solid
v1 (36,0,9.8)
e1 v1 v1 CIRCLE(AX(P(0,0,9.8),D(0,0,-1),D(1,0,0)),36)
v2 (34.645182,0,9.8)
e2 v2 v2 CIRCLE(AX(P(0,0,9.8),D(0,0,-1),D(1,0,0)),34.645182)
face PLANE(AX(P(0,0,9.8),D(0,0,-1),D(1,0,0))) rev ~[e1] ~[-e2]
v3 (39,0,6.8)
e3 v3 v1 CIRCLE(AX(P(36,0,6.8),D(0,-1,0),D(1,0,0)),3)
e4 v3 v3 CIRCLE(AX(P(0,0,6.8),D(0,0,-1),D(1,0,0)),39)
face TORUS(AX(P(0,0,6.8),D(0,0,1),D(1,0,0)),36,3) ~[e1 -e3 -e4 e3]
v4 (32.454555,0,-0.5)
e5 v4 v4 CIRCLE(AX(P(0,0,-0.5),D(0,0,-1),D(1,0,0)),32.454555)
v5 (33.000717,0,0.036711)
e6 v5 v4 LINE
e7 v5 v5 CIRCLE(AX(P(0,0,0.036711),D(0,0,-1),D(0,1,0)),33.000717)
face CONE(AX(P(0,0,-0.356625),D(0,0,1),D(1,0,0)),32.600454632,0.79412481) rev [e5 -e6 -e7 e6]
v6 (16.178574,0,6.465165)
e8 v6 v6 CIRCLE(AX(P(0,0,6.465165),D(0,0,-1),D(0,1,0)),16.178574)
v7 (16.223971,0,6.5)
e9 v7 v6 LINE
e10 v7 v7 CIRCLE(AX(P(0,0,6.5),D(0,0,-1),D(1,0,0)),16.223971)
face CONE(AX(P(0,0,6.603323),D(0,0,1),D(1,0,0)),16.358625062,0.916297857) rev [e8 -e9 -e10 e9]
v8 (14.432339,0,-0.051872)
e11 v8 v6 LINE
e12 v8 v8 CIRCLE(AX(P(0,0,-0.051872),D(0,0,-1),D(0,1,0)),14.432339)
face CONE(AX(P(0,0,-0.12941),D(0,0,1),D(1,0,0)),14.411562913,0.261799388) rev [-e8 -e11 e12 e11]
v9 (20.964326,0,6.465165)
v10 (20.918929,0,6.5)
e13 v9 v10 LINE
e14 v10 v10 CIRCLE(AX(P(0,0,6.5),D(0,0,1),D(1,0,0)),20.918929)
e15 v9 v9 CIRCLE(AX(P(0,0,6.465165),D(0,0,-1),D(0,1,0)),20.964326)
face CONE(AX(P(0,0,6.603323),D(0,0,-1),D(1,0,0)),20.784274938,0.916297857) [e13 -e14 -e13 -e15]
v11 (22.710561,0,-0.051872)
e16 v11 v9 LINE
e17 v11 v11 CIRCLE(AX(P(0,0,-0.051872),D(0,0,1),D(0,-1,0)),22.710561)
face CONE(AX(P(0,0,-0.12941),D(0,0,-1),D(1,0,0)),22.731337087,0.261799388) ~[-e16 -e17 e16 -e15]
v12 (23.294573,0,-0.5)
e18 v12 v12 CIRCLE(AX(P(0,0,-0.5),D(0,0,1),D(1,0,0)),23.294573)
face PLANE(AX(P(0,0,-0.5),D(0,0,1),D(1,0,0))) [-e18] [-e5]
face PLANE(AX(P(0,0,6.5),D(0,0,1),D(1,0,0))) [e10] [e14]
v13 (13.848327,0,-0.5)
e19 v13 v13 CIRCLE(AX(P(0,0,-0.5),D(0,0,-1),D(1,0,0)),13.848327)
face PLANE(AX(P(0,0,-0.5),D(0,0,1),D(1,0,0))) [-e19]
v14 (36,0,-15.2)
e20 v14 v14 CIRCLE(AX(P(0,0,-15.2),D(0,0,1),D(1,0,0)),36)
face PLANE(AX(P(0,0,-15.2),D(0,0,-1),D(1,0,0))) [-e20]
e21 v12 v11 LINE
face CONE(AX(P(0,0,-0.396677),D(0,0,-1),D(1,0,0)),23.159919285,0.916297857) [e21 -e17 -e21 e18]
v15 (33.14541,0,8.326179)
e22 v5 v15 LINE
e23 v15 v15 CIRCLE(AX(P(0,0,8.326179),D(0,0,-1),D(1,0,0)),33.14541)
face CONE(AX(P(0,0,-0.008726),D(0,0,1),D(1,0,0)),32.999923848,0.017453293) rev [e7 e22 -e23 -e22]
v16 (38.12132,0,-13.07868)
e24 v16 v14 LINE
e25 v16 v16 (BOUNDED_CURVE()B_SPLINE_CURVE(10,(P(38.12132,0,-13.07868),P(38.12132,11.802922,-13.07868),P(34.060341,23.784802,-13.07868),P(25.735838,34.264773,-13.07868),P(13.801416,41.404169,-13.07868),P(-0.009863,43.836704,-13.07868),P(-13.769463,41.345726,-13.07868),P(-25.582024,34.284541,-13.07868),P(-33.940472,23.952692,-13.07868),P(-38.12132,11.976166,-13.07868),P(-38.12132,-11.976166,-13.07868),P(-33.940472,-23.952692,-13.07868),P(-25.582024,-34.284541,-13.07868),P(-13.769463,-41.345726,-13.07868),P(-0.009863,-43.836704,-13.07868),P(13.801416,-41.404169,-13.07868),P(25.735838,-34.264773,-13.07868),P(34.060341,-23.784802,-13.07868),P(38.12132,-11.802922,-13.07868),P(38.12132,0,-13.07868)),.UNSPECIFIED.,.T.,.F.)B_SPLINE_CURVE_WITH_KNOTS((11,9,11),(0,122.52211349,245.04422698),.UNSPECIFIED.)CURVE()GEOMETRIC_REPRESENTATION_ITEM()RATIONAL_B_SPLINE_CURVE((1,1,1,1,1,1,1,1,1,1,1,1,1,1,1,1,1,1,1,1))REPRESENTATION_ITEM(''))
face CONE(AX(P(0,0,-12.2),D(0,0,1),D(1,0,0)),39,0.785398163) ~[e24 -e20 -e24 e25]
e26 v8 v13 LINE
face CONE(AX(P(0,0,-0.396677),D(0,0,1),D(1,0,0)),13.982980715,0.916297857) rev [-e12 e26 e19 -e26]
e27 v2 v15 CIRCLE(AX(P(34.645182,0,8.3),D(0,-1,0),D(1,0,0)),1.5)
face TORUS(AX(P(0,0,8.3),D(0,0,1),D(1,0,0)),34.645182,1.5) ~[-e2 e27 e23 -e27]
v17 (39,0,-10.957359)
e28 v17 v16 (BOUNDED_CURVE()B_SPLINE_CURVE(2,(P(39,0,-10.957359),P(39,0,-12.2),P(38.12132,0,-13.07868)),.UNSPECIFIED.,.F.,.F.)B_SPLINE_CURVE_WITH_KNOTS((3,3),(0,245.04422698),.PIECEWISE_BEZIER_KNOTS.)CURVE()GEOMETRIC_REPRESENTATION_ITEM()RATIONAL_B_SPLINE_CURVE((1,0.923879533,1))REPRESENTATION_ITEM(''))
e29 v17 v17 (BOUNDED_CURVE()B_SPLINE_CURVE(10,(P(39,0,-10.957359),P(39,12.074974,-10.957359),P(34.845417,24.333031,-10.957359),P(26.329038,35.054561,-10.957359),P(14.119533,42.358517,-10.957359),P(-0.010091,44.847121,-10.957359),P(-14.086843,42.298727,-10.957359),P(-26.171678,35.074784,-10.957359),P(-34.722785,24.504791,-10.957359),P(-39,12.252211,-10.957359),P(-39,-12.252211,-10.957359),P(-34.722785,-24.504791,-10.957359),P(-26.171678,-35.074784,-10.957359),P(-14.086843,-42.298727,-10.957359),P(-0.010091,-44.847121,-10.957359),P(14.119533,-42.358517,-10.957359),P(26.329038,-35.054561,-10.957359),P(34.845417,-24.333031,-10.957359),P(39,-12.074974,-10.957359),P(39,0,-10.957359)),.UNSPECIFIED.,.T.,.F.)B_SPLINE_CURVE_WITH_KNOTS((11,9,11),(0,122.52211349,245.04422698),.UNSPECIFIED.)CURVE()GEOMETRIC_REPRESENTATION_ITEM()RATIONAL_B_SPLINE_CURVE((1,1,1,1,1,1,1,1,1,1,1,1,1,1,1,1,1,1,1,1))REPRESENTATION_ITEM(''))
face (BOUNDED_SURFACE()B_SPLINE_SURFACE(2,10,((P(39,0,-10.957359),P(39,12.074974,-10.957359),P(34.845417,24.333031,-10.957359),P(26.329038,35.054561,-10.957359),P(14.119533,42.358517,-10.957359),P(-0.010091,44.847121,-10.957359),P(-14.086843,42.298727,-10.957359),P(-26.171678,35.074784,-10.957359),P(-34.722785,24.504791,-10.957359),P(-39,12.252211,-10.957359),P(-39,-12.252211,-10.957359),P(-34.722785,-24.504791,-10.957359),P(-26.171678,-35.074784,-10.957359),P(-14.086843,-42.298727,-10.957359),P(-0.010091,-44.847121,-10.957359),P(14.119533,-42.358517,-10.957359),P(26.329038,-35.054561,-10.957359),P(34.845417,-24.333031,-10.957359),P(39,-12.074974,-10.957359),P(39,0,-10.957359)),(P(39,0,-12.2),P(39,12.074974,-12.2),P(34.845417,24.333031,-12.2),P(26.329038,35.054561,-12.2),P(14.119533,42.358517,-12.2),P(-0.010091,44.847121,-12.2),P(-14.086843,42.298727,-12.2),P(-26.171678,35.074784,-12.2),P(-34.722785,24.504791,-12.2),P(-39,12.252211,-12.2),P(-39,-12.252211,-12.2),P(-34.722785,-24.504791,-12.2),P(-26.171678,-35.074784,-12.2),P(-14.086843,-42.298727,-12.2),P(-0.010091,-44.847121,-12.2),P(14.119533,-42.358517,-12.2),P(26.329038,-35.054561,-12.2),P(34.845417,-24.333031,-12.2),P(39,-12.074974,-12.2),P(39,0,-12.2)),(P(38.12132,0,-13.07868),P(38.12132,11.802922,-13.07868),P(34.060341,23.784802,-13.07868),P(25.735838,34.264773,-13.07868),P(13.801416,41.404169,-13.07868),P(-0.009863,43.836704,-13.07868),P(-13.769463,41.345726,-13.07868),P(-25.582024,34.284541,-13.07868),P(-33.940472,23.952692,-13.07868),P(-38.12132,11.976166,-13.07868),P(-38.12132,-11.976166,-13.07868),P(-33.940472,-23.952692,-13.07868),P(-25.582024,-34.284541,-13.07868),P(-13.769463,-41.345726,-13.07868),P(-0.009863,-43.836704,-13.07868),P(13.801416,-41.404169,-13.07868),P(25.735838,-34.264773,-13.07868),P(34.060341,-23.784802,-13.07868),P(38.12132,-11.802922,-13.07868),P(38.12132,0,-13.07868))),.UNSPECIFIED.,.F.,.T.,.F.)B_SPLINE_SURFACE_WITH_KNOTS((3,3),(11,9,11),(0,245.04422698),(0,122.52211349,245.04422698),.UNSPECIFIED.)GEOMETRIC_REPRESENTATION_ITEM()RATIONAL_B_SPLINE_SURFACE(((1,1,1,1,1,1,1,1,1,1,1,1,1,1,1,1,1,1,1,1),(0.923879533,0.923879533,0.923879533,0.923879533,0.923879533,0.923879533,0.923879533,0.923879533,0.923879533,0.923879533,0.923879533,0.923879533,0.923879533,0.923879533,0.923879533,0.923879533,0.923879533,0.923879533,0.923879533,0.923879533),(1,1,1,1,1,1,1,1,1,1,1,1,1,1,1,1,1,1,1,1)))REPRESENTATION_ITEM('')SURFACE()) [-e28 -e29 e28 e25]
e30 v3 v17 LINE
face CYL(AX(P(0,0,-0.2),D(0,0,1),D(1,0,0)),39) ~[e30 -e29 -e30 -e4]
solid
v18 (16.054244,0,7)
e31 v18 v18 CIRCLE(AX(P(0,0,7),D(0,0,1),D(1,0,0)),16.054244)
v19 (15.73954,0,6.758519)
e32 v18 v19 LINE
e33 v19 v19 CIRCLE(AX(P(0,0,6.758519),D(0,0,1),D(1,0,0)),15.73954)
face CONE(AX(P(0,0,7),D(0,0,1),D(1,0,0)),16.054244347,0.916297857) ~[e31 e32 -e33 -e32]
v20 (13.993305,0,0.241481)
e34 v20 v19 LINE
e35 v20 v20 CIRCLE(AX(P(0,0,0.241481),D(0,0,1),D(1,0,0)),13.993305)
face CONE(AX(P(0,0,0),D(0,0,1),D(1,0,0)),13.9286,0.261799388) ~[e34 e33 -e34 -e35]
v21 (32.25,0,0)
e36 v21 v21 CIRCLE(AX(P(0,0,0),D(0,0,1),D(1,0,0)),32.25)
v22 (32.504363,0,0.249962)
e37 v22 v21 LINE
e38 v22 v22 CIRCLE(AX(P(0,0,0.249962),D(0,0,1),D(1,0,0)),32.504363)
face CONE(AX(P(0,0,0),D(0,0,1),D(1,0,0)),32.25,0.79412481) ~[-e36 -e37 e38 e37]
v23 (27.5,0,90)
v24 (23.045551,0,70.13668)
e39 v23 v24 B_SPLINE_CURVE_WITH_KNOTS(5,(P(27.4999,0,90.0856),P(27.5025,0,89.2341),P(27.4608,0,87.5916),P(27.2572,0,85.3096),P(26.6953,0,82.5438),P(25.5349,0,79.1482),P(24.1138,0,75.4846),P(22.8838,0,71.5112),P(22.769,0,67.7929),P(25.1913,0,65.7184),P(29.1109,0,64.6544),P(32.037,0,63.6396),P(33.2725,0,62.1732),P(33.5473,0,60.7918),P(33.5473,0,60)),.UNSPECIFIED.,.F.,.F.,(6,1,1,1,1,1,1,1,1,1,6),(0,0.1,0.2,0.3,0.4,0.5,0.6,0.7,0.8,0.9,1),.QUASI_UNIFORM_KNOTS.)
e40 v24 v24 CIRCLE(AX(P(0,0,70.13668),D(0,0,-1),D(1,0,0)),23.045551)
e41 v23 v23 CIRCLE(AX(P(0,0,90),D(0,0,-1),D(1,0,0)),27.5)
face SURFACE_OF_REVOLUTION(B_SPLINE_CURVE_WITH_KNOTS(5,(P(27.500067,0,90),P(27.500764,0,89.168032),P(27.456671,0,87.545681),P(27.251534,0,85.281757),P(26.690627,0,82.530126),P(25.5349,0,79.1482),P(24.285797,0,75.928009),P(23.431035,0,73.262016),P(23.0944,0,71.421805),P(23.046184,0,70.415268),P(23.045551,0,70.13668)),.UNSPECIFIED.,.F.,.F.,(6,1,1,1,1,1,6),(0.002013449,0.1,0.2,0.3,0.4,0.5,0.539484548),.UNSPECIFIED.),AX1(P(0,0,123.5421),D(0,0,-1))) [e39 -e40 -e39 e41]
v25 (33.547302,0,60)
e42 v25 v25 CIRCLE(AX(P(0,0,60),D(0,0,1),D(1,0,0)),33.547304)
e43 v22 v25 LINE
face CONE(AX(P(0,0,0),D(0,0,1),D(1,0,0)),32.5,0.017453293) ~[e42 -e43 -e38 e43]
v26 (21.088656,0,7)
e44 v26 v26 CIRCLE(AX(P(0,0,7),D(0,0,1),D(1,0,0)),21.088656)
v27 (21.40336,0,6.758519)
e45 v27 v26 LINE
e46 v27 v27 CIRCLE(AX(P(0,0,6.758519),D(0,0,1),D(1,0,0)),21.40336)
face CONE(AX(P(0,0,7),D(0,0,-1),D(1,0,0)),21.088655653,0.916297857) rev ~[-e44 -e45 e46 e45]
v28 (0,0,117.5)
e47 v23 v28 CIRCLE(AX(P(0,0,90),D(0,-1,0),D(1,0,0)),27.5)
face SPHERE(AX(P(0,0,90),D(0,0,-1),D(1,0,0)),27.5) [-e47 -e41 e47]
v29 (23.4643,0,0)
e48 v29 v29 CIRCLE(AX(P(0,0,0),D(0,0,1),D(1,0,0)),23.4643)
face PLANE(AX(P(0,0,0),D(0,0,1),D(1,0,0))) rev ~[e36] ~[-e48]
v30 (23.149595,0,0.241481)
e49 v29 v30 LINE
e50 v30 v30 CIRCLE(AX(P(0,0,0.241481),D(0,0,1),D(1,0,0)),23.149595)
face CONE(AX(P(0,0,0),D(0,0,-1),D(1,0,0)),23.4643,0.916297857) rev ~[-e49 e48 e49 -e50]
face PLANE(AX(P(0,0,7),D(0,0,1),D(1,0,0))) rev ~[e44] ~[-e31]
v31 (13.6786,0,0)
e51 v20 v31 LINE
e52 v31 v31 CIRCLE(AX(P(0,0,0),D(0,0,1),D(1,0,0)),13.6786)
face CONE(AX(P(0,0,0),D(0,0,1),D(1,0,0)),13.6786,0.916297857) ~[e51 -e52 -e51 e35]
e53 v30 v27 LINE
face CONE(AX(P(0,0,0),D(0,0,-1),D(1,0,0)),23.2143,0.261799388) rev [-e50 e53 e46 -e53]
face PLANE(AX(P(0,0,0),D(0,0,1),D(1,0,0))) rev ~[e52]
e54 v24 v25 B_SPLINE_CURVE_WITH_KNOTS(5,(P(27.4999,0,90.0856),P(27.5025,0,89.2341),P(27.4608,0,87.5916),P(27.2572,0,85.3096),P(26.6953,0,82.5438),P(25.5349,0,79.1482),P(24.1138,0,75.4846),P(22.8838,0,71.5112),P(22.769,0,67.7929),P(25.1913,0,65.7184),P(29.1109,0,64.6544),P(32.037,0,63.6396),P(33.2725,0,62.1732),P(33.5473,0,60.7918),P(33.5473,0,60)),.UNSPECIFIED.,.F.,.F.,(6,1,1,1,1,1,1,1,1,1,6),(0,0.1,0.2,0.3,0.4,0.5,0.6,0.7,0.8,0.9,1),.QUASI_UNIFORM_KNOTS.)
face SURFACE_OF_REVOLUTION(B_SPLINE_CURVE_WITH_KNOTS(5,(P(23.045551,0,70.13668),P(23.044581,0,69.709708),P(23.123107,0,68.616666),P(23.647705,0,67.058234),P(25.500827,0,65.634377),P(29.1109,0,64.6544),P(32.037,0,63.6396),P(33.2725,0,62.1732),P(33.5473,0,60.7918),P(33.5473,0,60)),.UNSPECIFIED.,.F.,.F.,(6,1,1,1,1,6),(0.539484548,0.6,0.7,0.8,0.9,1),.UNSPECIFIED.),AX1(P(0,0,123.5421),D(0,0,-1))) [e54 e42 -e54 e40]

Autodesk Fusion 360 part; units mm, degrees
sketch "Sketch1" plane through (0, 0, 0) normal (0, 0, 1) x (1, 0, 0) in component "pestle"
  circle A0 centre (0, 0) radius 32.5
  circle A1 centre (0, 0) radius 23.2143
  circle A2 centre (0, 0) radius 13.9286
  dimension "d1" = 65
  dimension "d2" = 27.8571
  dimension "d3" = 46.4286
extrude "Extrude1" add sketch "Sketch1" along normal blind 60 draft 1 contours A0 | A1 | A2 makes body 1 in component "pestle"
extrude "Extrude2" cut sketch "Sketch1" along normal blind 7 draft -15 contours A1 bodies 1 in component "pestle"
sketch "Sketch2" plane through (0, 0, 60) normal (0, 0, 1) x (-1, 0, 0) in component "pestle"
  circle A0 centre (0, 0) radius 33.5473
  circle A1 centre (0, 0) radius 26.0473
sketch "Sketch3" plane through (0, 0, 0) normal (0, 1, 0) x (1, 0, 0) in component "pestle"
  line L0 (0, -123.5421) -> (0, 40.1586) construction
  line L1 (48.4995, -60) -> (-43.3446, -60) construction
  circle A0 centre (0, -90) radius 27.5
  spline S0 degree 5 poles (27.4999, -90.0856) (27.5025, -89.2341) (27.4608, -87.5916) (27.2572, -85.3096) (26.6953, -82.5438) (25.5349, -79.1482) (24.1138, -75.4846) (22.8838, -71.5112) (22.769, -67.7929) (25.1913, -65.7184) (29.1109, -64.6544) (32.037, -63.6396) (33.2725, -62.1732) (33.5473, -60.7918) (33.5473, -60) knots 0 0 0 0 0 0 0.1 0.2 0.3 0.4 0.5 0.6 0.7 0.8 0.9 1 1 1 1 1 1
  line L2 (0, -117.5) -> (0, -62.5)
  line L3 (33.5473, -63.3743) -> (33.5473, -56.6257)
  line L4 (23.0522, -73.0648) -> (23.0389, -67.2087)
  line L5 (33.5473, -60) -> (-33.5473, -60)
  line L6 (0, -62.5) -> (0, -60)
  line L7 (33.5473, -60) -> (-33.5473, -60)
  point P0 (23.0456, -70.1367)
  dimension "d10" = 55
  dimension "d11" = 30
revolve "Revolve1" add sketch "Sketch3" angle 360 about axis through (0, 0, 123.5421) along (0, 0, -1) contours A0 S0 L2 | A0 S0 L5 L6 L7 bodies 1 in component "pestle"
chamfer "Chamfer1" distance 0.25 angle 45 5 edges at (-30.3006, -11.7525, 0) (-21.6433, -8.3946, 0) (-12.986, 5.0368, 0) (-19.8946, 7.7164, 7) (-14.7347, 5.715, 7) on bodies 1 in component "pestle"
copy_body "CutPasteBodies1" bodies 1 removing the originals makes body 2 in component "pestle"
ref_plane "WorkPlane1" through (0, 0, -0.2) normal (0, 0, -1) x (-1, 0, 0) in component "base"
sketch "Sketch1 (2)" plane through (0, 0, -0.2) normal (0, 0, -1) x (1, 0, 0) in component "base"
  circle A0 centre (0, 0) radius 39
  dimension "d17" = 78
extrude "Extrude1'" add sketch "Sketch1 (2)" along normal blind 15 and the other way blind 10 separate body makes body 3 in component "base"
combine "Combine1" operation cut target body 3 tool bodies 2 keep tools in component "base"
move_face "OffsetFaces1" offset -0.5 11 faces at (32.4534, 3.2475, 6.6167) (-31.7768, 6.4238, 0.1666) (29.114, -2.7679, 0) (21.9506, -7.9894, 0.0805) (22.5394, -1.1249, 2.4138) (-20.6398, -5.2555, 6.839) (19.332, -1.0477, 7) (15.9295, -0.795, 6.9195) (-9.4505, -11.8506, 4.5862) (13.8711, -0.6923, 0.161) (0.515, 2.2208, 0) on bodies 3 in component "base"
chamfer "Chamfer1'" distance 3 angle 45 1 edges at (-36.3608, 14.103, -15.2) on bodies 3 in component "base"
fillet "Fillet1" radius 3 2 edges at (-36.3608, 14.103, -12.2) (-36.3608, -14.103, 9.8) on bodies 3 in component "base"
fillet "Fillet2" radius 1.5 1 edges at (-30.9264, 11.9952, 9.8) on bodies 3 in component "base"
component "pestle" placed x (1, 0, 0) y (0, 1, 0) z (0, 0, 1) at (0, 0, 0)
component "base" placed x (1, 0, 0) y (0, 1, 0) z (0, 0, 1) at (0, 0, 0)
equation "d1 = base_diameter"
equation "d2 = base_diameter * 3 / 7"
equation "d3 = base_diameter * 5 / 7"
equation "d17 = base_diameter * 1.2"
equation "base_diameter = 65 mm"
